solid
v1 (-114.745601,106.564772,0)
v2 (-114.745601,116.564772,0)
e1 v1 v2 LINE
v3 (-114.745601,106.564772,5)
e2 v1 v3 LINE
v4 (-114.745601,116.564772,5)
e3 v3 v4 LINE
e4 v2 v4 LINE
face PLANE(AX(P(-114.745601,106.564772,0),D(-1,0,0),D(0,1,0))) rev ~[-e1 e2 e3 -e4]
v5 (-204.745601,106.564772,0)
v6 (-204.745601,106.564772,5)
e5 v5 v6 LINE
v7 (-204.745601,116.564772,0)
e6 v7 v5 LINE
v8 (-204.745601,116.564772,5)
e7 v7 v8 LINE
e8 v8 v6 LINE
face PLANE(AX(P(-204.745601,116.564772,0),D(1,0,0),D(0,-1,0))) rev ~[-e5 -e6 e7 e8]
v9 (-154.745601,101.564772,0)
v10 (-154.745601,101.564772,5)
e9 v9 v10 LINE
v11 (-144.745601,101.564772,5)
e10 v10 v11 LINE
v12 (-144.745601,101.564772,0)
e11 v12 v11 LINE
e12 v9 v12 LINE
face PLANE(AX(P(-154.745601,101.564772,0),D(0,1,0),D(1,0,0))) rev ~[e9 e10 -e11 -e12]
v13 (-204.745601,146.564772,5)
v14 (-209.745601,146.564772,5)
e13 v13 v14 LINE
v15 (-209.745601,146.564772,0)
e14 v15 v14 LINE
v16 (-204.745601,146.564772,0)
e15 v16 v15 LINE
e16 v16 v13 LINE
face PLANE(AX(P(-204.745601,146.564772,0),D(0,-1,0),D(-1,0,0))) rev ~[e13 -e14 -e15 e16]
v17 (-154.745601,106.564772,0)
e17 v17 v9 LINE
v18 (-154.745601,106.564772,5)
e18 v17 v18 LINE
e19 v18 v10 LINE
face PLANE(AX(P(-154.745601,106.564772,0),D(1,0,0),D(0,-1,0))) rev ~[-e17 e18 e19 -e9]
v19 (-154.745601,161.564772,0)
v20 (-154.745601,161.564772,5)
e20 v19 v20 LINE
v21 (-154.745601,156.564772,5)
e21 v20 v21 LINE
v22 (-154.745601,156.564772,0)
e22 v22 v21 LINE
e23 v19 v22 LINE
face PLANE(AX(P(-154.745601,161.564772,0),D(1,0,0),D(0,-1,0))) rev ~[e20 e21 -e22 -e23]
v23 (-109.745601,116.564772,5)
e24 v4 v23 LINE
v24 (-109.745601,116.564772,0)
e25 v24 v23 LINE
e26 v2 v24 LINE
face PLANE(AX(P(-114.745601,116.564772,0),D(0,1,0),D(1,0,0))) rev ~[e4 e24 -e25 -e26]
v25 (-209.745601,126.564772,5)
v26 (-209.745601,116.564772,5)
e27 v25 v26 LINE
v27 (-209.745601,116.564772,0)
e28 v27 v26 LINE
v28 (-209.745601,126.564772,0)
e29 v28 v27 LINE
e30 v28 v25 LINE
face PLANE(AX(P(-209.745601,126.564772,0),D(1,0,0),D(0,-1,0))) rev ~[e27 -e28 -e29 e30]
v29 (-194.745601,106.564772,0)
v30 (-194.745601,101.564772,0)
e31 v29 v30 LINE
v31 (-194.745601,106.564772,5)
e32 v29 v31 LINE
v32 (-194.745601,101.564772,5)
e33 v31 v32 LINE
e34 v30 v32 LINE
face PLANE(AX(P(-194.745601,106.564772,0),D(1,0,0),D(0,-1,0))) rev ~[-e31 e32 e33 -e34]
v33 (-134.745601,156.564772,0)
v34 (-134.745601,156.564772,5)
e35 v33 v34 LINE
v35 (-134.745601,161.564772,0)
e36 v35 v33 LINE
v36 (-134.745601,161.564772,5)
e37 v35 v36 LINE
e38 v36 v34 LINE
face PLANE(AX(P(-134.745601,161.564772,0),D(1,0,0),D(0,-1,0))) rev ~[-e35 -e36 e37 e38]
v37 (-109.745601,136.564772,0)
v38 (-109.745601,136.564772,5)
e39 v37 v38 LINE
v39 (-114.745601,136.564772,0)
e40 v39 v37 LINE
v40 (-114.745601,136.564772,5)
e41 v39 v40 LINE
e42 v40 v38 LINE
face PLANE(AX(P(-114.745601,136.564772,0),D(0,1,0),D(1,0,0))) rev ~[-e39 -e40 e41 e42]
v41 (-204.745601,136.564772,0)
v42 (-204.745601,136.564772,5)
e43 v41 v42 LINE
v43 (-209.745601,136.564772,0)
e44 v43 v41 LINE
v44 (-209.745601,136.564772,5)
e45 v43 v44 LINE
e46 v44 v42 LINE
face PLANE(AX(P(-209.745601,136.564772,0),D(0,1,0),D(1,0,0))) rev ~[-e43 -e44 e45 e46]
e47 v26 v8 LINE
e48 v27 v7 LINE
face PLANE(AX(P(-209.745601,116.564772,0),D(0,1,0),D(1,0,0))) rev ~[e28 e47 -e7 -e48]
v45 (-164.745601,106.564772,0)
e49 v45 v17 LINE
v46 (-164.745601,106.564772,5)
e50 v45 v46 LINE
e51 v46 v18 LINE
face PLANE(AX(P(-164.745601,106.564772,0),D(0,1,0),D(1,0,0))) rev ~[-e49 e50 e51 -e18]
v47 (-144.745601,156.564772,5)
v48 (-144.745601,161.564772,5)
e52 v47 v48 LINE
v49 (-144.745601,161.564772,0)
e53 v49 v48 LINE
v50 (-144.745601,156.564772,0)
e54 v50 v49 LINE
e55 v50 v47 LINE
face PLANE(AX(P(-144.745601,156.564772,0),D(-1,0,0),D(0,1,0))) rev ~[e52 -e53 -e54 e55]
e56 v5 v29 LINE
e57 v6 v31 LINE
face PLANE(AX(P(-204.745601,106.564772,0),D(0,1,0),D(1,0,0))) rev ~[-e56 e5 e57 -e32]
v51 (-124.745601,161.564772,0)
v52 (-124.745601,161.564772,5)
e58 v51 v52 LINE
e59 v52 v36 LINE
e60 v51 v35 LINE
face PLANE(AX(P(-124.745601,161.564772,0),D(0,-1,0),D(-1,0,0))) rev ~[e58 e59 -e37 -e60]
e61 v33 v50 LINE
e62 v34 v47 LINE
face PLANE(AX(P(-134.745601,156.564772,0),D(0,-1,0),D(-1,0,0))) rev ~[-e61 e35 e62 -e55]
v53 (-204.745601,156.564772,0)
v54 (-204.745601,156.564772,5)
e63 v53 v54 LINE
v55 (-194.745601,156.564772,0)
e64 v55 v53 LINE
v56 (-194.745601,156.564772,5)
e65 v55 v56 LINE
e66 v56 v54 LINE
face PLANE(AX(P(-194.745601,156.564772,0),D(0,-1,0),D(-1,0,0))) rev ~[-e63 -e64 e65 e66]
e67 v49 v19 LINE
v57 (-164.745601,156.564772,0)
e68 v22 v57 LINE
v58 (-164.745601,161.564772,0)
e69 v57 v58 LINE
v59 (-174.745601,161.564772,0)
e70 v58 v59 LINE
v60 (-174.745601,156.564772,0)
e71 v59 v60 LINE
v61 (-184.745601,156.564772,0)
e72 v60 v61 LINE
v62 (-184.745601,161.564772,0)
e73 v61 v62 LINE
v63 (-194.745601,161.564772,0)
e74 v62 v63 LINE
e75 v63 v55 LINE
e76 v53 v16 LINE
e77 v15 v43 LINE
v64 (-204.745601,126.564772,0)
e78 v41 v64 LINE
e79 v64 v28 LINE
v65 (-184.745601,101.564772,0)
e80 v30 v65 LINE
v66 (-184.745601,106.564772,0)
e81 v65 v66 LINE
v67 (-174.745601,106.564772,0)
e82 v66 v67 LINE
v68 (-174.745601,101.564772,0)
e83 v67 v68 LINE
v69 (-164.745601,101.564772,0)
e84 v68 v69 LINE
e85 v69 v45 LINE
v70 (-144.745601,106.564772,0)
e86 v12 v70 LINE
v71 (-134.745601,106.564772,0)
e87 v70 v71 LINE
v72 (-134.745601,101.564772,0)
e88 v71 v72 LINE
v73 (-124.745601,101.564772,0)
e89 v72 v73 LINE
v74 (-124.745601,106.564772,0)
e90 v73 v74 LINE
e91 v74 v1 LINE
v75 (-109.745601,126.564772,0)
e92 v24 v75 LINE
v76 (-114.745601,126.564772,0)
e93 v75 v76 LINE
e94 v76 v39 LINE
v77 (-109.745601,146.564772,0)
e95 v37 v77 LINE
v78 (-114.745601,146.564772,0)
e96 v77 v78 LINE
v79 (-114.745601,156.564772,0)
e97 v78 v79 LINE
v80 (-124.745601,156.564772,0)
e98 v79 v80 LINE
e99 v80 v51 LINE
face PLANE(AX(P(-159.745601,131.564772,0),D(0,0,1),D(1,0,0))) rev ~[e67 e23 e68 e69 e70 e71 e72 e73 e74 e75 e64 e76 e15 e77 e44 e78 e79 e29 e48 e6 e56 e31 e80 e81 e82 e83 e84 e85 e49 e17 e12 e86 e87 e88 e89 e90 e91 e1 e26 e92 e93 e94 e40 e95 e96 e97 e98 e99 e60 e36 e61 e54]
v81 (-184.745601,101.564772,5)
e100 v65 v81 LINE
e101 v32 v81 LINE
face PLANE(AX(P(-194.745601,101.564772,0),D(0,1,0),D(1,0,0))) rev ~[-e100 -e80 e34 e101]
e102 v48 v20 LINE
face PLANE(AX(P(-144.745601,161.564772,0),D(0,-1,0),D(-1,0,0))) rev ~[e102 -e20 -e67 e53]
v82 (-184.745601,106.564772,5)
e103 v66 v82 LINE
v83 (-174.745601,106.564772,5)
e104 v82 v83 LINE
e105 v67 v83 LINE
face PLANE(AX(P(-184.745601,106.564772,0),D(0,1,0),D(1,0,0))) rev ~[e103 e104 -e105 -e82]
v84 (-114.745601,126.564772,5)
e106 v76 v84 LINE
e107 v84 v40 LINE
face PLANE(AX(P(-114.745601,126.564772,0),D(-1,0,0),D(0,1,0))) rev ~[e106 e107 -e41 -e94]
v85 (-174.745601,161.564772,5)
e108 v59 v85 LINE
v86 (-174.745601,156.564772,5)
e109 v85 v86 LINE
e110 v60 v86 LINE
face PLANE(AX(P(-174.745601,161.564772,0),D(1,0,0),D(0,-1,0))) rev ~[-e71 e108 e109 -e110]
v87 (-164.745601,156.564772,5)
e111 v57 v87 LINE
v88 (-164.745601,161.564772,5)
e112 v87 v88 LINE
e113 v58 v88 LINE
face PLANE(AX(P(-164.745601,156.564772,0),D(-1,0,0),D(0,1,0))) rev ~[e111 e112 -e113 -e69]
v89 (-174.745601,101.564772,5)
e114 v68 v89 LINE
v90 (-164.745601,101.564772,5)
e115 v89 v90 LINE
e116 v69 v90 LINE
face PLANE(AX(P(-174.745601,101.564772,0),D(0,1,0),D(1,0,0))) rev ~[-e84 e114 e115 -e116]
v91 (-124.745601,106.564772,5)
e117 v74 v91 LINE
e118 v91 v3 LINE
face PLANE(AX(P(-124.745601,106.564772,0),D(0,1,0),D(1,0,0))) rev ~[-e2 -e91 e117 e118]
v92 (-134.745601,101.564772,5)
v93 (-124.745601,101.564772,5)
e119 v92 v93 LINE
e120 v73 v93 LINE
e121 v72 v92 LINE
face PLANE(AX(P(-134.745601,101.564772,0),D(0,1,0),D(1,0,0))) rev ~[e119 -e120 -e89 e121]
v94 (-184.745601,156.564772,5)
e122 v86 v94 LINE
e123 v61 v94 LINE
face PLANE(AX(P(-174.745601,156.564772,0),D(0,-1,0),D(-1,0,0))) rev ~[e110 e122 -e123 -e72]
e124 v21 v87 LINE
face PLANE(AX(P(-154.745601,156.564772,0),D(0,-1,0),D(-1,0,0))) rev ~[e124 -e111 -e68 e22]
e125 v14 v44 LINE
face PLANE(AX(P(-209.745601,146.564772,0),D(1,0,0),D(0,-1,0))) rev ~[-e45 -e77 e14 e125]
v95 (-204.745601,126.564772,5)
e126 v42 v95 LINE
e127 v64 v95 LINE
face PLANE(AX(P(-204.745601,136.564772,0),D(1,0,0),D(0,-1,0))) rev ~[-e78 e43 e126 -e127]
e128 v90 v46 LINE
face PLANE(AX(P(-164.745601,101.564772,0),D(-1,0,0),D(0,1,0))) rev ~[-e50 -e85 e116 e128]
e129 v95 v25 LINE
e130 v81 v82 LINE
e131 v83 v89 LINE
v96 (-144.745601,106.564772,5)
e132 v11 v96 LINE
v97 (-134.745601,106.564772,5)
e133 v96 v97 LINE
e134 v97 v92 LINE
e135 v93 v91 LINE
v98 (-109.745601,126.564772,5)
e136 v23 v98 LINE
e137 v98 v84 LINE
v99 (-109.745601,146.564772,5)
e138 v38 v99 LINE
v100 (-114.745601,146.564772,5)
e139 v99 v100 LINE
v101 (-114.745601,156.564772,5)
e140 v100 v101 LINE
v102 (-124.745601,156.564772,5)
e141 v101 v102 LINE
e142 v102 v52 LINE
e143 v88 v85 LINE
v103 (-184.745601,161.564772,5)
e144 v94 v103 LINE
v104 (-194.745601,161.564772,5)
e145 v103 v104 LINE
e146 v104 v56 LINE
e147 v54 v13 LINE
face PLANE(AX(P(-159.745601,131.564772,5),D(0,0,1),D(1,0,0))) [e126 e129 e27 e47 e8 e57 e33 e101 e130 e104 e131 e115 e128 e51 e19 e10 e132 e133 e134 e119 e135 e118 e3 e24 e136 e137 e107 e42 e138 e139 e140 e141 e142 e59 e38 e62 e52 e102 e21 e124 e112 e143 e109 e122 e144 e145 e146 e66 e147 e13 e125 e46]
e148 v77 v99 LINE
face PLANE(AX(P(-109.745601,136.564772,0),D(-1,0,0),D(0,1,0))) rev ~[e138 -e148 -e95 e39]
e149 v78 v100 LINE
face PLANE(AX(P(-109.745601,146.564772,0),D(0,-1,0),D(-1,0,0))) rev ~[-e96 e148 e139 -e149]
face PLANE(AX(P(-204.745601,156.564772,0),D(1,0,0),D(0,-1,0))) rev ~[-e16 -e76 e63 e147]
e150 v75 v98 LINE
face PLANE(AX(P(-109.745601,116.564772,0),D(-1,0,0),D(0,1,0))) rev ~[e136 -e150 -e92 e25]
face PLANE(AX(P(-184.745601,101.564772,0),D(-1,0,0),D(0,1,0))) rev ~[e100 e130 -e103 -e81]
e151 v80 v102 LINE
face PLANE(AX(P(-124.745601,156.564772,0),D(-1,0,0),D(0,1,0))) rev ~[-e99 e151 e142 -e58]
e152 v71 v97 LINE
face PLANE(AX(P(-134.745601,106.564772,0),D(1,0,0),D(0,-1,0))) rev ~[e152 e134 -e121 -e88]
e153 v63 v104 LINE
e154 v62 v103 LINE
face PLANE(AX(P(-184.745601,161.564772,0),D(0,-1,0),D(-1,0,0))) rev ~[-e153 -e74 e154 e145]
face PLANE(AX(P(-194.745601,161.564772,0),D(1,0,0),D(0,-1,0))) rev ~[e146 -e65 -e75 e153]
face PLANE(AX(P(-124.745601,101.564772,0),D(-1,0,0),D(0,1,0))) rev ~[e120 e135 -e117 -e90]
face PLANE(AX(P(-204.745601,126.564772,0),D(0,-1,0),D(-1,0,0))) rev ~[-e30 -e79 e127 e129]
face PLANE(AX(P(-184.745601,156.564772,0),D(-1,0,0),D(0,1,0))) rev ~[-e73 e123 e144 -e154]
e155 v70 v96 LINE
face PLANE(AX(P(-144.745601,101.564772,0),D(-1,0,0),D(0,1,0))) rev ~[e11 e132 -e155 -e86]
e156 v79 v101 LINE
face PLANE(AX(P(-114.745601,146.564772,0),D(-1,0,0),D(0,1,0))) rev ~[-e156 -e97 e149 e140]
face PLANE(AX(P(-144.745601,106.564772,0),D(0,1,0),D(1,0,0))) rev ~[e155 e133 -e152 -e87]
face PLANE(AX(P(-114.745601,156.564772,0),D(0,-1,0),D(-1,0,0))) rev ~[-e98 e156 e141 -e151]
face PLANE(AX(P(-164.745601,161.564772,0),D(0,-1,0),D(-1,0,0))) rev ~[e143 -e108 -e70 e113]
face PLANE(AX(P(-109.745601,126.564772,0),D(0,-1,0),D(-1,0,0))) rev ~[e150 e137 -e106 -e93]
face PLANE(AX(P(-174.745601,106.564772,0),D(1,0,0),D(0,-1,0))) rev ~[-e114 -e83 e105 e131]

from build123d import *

# Parameters (mm, degrees)
BOSS_EXTRUDE1_DEPTH = 5


with BuildPart() as part:
    # Sketch1 → Boss-Extrude1 (new body)
    with BuildSketch(Plane.XY):
        Polygon((-204.745600738, 156.564771701), (-204.745600738, 146.564771701), (-209.745600738, 146.564771701), (-209.745600738, 136.564771701), (-204.745600738, 136.564771701), (-204.745600738, 126.564771701), (-209.745600738, 126.564771701), (-209.745600738, 116.564771701), (-204.745600738, 116.564771701), (-204.745600738, 106.564771701), (-194.745600738, 106.564771701), (-194.745600738, 101.564771701), (-184.745600738, 101.564771701), (-184.745600738, 106.564771701), (-174.745600738, 106.564771701), (-174.745600738, 101.564771701), (-164.745600738, 101.564771701), (-164.745600738, 106.564771701), (-154.745600738, 106.564771701), (-154.745600738, 101.564771701), (-144.745600738, 101.564771701), (-144.745600738, 106.564771701), (-134.745600738, 106.564771701), (-134.745600738, 101.564771701), (-124.745600738, 101.564771701), (-124.745600738, 106.564771701), (-114.745600738, 106.564771701), (-114.745600738, 116.564771701), (-109.745600738, 116.564771701), (-109.745600738, 126.564771701), (-114.745600738, 126.564771701), (-114.745600738, 136.564771701), (-109.745600738, 136.564771701), (-109.745600738, 146.564771701), (-114.745600738, 146.564771701), (-114.745600738, 156.564771701), (-124.745600738, 156.564771701), (-124.745600738, 161.564771701), (-134.745600738, 161.564771701), (-134.745600738, 156.564771701), (-144.745600738, 156.564771701), (-144.745600738, 161.564771701), (-154.745600738, 161.564771701), (-154.745600738, 156.564771701), (-164.745600738, 156.564771701), (-164.745600738, 161.564771701), (-174.745600738, 161.564771701), (-174.745600738, 156.564771701), (-184.745600738, 156.564771701), (-184.745600738, 161.564771701), (-194.745600738, 161.564771701), (-194.745600738, 156.564771701), align=None)
    extrude(amount=BOSS_EXTRUDE1_DEPTH)


solid = part.part
